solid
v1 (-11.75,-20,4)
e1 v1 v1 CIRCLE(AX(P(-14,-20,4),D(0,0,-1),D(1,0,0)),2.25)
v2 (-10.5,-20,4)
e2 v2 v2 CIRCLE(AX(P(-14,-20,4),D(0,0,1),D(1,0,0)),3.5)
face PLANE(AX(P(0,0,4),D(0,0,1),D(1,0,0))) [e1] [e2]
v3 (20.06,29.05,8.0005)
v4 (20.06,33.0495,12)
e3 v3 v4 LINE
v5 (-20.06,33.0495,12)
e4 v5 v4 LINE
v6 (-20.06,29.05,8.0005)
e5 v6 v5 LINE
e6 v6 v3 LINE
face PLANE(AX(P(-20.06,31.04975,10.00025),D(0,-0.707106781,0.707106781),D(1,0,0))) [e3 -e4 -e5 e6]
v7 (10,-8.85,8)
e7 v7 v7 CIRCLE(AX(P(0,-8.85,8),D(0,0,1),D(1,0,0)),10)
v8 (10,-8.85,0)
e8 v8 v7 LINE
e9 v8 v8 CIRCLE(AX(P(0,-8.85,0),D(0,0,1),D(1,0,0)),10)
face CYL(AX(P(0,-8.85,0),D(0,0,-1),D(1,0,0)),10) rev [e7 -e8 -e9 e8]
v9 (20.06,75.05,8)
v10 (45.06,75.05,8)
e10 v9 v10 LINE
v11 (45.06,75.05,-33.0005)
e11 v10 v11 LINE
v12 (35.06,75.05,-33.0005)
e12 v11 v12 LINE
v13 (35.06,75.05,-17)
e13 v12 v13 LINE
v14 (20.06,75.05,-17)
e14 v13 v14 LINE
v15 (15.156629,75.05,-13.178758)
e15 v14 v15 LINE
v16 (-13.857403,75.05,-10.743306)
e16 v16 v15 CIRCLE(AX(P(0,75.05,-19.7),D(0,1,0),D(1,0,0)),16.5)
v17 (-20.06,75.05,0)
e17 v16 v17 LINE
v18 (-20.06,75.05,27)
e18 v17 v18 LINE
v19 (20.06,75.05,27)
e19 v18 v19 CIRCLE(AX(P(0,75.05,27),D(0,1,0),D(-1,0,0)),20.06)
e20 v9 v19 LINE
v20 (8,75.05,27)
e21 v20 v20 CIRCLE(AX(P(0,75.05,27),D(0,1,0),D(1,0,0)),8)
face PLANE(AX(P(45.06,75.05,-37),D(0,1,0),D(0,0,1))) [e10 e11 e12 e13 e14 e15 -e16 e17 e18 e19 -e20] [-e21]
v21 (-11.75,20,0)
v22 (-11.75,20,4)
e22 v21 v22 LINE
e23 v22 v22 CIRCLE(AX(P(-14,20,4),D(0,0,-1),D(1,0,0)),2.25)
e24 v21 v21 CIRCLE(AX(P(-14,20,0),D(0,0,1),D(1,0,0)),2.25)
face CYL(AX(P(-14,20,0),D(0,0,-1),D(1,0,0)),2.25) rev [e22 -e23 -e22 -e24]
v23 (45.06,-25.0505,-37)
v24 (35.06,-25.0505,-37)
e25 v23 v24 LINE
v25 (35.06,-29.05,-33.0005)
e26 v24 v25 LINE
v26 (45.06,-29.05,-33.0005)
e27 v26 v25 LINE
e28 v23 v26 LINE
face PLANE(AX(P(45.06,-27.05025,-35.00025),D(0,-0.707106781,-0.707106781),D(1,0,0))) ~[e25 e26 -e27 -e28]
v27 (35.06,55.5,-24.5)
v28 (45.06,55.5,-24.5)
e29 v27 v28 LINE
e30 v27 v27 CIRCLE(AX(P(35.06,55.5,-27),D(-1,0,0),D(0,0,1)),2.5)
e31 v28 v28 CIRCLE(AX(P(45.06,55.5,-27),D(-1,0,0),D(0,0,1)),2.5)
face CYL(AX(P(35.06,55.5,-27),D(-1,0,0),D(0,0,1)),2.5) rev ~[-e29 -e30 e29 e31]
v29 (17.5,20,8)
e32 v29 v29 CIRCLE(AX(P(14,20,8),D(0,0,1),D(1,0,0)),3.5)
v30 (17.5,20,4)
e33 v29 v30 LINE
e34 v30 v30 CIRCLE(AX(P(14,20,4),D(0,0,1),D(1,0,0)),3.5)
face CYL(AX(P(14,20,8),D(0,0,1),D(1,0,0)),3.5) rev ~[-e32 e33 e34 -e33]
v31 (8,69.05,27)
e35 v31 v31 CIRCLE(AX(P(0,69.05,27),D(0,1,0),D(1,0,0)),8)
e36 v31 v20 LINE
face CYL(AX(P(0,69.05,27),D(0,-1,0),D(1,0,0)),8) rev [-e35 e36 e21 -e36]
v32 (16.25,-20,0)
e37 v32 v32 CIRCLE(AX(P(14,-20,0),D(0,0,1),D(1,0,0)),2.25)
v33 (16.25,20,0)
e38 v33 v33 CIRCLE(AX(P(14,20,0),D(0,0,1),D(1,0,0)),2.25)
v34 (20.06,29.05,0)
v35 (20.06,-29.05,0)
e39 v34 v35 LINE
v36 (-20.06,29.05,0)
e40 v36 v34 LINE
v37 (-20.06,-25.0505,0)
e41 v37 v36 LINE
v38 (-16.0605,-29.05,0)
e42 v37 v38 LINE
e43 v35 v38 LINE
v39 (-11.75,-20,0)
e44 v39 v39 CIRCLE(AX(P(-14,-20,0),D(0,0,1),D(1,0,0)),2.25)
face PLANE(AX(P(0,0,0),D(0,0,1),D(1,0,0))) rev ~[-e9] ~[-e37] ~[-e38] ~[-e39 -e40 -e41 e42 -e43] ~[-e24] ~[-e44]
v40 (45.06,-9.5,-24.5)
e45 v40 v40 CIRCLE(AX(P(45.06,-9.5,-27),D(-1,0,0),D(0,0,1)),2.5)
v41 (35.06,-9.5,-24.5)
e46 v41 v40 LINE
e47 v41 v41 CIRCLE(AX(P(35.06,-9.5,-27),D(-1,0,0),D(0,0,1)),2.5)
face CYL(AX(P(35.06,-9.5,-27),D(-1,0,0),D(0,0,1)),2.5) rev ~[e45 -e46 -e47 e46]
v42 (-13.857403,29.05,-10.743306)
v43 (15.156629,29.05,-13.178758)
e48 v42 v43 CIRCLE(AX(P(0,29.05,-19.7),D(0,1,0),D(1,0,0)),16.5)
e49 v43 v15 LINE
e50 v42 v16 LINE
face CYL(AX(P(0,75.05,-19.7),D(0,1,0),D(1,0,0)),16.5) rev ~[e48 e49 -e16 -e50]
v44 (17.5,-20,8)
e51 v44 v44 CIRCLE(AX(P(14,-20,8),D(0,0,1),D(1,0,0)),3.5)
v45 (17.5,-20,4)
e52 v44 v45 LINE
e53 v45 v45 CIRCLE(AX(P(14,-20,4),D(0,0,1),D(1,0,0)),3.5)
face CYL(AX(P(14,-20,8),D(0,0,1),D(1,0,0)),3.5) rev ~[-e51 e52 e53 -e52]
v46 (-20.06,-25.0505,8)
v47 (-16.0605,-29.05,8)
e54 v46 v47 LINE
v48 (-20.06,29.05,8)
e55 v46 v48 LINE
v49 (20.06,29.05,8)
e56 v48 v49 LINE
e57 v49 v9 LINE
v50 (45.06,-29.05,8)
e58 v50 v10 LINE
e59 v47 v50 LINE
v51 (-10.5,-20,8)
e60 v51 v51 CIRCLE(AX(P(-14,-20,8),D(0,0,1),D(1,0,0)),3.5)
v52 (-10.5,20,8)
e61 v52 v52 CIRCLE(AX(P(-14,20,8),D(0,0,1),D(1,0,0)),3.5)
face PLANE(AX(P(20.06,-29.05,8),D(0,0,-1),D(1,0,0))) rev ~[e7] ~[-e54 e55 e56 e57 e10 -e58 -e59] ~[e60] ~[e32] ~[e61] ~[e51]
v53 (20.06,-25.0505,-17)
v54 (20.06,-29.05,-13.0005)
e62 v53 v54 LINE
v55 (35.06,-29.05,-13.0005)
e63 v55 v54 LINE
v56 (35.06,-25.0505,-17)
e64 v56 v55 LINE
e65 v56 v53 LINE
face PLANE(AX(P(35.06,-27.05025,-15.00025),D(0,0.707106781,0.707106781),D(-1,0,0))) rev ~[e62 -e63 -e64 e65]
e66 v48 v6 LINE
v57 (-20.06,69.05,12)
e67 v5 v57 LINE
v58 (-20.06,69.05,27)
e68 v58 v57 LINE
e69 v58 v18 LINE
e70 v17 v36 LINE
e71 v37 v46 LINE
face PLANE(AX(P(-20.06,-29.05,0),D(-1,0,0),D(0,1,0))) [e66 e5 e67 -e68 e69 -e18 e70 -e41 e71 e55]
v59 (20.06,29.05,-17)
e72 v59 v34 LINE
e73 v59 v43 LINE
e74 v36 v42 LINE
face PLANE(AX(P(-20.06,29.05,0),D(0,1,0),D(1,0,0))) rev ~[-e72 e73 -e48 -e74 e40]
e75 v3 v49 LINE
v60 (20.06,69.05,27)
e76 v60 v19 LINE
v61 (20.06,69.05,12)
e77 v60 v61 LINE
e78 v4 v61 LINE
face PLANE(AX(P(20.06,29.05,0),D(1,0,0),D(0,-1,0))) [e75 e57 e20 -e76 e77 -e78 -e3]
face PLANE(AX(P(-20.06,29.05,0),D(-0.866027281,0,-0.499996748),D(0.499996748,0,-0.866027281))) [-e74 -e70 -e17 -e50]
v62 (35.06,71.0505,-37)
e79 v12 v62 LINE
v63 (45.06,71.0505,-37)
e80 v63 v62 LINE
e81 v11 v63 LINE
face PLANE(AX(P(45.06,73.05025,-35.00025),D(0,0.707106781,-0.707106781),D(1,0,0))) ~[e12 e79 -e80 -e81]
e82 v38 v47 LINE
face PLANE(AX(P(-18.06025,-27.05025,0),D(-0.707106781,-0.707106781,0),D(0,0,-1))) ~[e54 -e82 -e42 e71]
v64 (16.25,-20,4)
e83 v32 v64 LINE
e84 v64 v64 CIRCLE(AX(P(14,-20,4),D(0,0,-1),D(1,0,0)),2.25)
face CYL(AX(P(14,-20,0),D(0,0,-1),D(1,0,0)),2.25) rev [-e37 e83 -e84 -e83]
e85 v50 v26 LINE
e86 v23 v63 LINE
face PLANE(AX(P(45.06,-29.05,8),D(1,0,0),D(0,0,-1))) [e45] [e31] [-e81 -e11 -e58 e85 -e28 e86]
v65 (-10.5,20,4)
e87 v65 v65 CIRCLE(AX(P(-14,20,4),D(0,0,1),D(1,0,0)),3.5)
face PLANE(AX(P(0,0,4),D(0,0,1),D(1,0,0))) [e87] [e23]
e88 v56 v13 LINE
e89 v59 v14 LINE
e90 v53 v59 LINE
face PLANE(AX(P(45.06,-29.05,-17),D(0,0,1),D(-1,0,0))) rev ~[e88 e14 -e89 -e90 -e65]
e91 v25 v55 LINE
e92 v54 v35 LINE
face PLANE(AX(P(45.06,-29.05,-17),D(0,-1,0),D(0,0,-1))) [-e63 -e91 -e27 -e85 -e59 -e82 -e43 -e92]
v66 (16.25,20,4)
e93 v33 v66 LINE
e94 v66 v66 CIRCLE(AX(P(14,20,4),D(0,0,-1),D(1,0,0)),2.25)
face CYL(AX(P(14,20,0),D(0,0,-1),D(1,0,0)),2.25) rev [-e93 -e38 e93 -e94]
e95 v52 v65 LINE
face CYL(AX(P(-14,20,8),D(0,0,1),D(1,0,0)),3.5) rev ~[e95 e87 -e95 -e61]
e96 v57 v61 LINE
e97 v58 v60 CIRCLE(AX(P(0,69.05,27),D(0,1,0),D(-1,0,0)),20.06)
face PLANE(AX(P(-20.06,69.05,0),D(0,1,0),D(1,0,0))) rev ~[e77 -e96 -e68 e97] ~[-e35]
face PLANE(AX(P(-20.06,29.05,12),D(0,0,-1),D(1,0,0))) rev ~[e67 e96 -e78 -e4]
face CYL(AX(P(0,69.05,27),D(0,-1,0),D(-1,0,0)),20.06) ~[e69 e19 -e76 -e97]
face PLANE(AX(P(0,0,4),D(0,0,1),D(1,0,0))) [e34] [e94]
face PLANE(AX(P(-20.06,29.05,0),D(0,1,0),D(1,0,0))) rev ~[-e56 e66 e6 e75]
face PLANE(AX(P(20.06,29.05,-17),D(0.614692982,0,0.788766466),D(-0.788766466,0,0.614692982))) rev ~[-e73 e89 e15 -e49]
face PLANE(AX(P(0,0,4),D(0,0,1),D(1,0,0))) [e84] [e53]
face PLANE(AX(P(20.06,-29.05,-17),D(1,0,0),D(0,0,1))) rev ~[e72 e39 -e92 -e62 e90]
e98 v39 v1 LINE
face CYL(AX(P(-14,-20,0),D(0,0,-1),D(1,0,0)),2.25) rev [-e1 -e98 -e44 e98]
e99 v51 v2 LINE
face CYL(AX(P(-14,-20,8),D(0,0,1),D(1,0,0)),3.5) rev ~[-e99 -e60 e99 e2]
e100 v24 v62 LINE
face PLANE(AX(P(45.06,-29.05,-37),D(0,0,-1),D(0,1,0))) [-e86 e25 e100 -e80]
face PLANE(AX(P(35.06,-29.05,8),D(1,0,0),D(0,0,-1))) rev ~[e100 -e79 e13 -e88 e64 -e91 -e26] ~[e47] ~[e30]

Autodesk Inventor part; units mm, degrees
ref_plane "YZ Plane" through (0, 0, 0) normal (1, 0, 0) x (0, 1, 0)
ref_plane "XZ Plane" through (0, 0, 0) normal (0, 1, 0) x (-1, 0, 0)
ref_plane "XY Plane" through (0, 0, 0) normal (0, 0, 1) x (1, 0, 0)
sketch "Sketch1" plane through (0, 0, 0) normal (0, 0, 1) x (1, 0, 0)
  line L0 (14, -20) -> (-14, -20) construction
  line L1 (-14, -20) -> (-14, 20) construction
  line L2 (-14, 20) -> (14, 20) construction
  line L3 (14, 20) -> (14, -20) construction
  line L4 (14, -20) -> (-14, 20) construction
  line L5 (-14, -20) -> (14, 20) construction
  circle A0 centre (-14, 20) radius 2.25
  circle A1 centre (14, 20) radius 2.25
  circle A2 centre (14, -20) radius 2.25
  circle A3 centre (-14, -20) radius 2.25
  line L6 (0, 0) -> (0, -8.85) construction
  circle A4 centre (0, -8.85) radius 10
  line L7 (20.06, -29.05) -> (-20.06, -29.05)
  line L8 (-20.06, -29.05) -> (-20.06, 29.05)
  line L9 (-20.06, 29.05) -> (20.06, 29.05)
  line L10 (20.06, 29.05) -> (20.06, -29.05)
  line L11 (20.06, -29.05) -> (-20.06, 29.05) construction
  line L12 (-20.06, -29.05) -> (20.06, 29.05) construction
  dimension "d0" = 28
  dimension "d1" = 40
  dimension "d2" = 20
  dimension "d3" = 4.5
  dimension "d4" = 58.1
  dimension "d5" = 40.12
  dimension "d6" = 37.9
extrude "Extrusion1" add sketch "Sketch1" along normal blind 8
sketch "Sketch2" plane through (0, 0, 8) normal (0, 0, 1) x (1, 0, 0)
  circle A0 centre (0, -8.85) radius 10 construction
  circle A1 centre (-14, -20) radius 2.25 construction
  circle A2 centre (14, -20) radius 2.25 construction
  circle A3 centre (14, 20) radius 2.25 construction
  circle A4 centre (-14, 20) radius 2.25 construction
  line L0 (-20.06, -29.05) -> (20.06, -29.05) construction
  line L1 (20.06, -29.05) -> (20.06, 29.05) construction
  line L2 (20.06, 29.05) -> (-20.06, 29.05) construction
  line L3 (-20.06, 29.05) -> (-20.06, -29.05) construction
  circle A5 centre (14, -20) radius 3.5
  circle A6 centre (-14, -20) radius 3.5
  circle A7 centre (14, 20) radius 3.5
  circle A8 centre (-14, 20) radius 3.5
  point P0 (0, 0)
  dimension "d9" = 7
extrude "Extrusion2" cut sketch "Sketch2" against normal blind 4
sketch "Sketch3" plane through (-20.06, 29.05, 0) normal (0, 1, 0) x (1, 0, 0)
  line L0 (40.12, 0) -> (0, 0)
  line L1 (0, 0) -> (0, -12)
  line L2 (0, -12) -> (40.12, -12)
  line L3 (40.12, -12) -> (40.12, 0)
  circle A0 centre (20.06, 19.7) radius 15.5 construction
  line L4 (40.12, 0) -> (33.3508, 11.7247)
  line L5 (0, 0) -> (6.7692, 11.7247)
  arc A1 (6.7692, 11.7247) -> (33.3508, 11.7247) centre (20.06, 19.7) ccw
  line L6 (40.12, 0) -> (0, 0) projected
  line L7 (40.12, 0) -> (0, 0)
  point P0 (20.06, 0)
  dimension "d12" = 12
  dimension "d19" = 60
extrude "Extrusion3" add sketch "Sketch3" along normal blind 40
sketch "Sketch4" plane through (-20.06, 69.05, 0) normal (0, 1, 0) x (1, 0, 0)
  line L0 (20.06, 0) -> (20.06, -27) construction
  circle A0 centre (20.06, -27) radius 8
  line L1 (20.06, -27) -> (20.06, 0) construction
  line L2 (40.12, 0) -> (0, 0) projected
  line L3 (40.12, -27) -> (40.12, 0)
  line L4 (0, 0) -> (0, -27)
  arc A1 (0, -27) -> (40.12, -27) centre (20.06, -27) ccw
  arc A2 (40.12, 0) -> (0, 0) centre (20.06, 0) ccw construction
  line L5 (40.12, 0) -> (40.12, -8) projected
  line L6 (40.12, 0) -> (0, 0)
  line L7 (0, 0) -> (40.12, 0)
  line L8 (40.12, 0) -> (33.3508, 11.7247) projected
  arc A3 (6.7692, 11.7247) -> (33.3508, 11.7247) centre (20.06, 19.7) ccw projected
  line L9 (6.7692, 11.7247) -> (0, 0) projected
  line L10 (0, 0) -> (0, -12) projected
  line L11 (0, -12) -> (40.12, -12) projected
  line L12 (40.12, -12) -> (40.12, 0) projected
  point P0 (20.06, -13.5)
  dimension "d15" = 27
  dimension "d16" = 16
extrude "Extrusion4" add sketch "Sketch4" along normal blind 6
sketch "Sketch5" plane through (-20.06, -29.05, 0) normal (0, -1, 0) x (1, 0, 0)
  line L0 (40.12, 0) -> (40.12, 8) projected
  line L1 (40.12, 8) -> (65.12, 8)
  line L2 (65.12, 8) -> (65.12, -17)
  line L3 (65.12, -17) -> (40.12, -17)
  line L4 (40.12, -17) -> (40.12, 8)
  line L5 (40.12, 0) -> (33.3508, -11.7247) projected
  line L6 (33.3508, -11.7247) -> (40.12, -17)
  line L7 (40.12, 27) -> (40.12, 0) projected
  line L8 (40.12, -17) -> (40.12, 0)
  point P0 (20.06, 0)
  dimension "d20" = 25
  dimension "d21" = 25
extrude "Extrusion5" add sketch "Sketch5" against normal up to surface (58.1 mm away) contours L0 L1 L2 L3 L4
sketch "Sketch6" plane through (20.06, 29.05, -17) normal (0, 1, 0) x (1, 0, 0)
  line L0 (25, 0) -> (0, 0) projected
  line L1 (0, 0) -> (0, -17) projected
  line L2 (0, -25) -> (0, -17) projected
  line L3 (0, -25) -> (25, -25) projected
  line L4 (25, -25) -> (25, 0) projected
  line L5 (0, -17) -> (-6.7692, -5.2753) projected
  line L6 (25, 0) -> (0, 0) projected
  line L7 (0, 0) -> (-6.7692, -5.2753)
  line L8 (0, 0) -> (0, -17) projected
  line L9 (0, -17) -> (0, 0)
  point P0 (-20.06, -17)
extrude "Extrusion6" add sketch "Sketch6" along normal up to surface (46 mm away)
sketch "Sketch7" plane through (45.06, -29.05, 8) normal (1, 0, 0) x (0, 0, -1)
  line L0 (25, 104.1) -> (0, 104.1) projected
  line L1 (25, 0) -> (25, 104.1) projected
  line L2 (25, 104.1) -> (25, 0)
  line L3 (25, 0) -> (45, 0)
  line L4 (45, 0) -> (45, 104.1)
  line L5 (45, 104.1) -> (25, 104.1)
  point P0 (8, 29.05)
  dimension "d26" = 20
extrude "Extrusion7" add sketch "Sketch7" against normal blind 10
sketch "Sketch8" plane through (35.06, -29.05, 8) normal (-1, 0, 0) x (0, 0, 1)
  line L0 (-25, 104.1) -> (-25, 0) projected
  line L1 (-25, 104.1) -> (-45, 104.1) projected
  line L2 (-45, 104.1) -> (-45, 0) projected
  line L3 (-45, 0) -> (-25, 0) projected
  line L4 (-45, 104.1) -> (-45, 0) projected
  line L5 (-45, 52.05) -> (-25, 52.05) construction
  line L6 (-35, 84.55) -> (-35, 19.55) construction
  circle A0 centre (-35, 84.55) radius 2.5
  circle A1 centre (-35, 19.55) radius 2.5
  point P0 (-8, 29.05)
  point P1 (-35, 52.05)
  dimension "d29" = 65
  dimension "d30" = 5
extrude "Extrusion8" cut sketch "Sketch8" against normal through all contours A0 | A1
chamfer "Chamfer1" distance 4 angle 45 5 edges at (40.06, 75.05, -37) (40.06, -29.05, -37) (27.56, -29.05, -17) (-20.06, -29.05, 4) (0, 29.05, 12)
sketch "Sketch9" plane through (-20.06, 75.05, 0) normal (0, 1, 0) x (1, 0, 0)
  circle A0 centre (20.06, 19.7) radius 15.5 construction
  circle A1 centre (20.06, 19.7) radius 16.5
  point P0 (20.06, 0)
  dimension "d36" = 1
extrude "Extrusion9" cut sketch "Sketch9" against normal up to surface (46 mm away)
properties part number "frame"
